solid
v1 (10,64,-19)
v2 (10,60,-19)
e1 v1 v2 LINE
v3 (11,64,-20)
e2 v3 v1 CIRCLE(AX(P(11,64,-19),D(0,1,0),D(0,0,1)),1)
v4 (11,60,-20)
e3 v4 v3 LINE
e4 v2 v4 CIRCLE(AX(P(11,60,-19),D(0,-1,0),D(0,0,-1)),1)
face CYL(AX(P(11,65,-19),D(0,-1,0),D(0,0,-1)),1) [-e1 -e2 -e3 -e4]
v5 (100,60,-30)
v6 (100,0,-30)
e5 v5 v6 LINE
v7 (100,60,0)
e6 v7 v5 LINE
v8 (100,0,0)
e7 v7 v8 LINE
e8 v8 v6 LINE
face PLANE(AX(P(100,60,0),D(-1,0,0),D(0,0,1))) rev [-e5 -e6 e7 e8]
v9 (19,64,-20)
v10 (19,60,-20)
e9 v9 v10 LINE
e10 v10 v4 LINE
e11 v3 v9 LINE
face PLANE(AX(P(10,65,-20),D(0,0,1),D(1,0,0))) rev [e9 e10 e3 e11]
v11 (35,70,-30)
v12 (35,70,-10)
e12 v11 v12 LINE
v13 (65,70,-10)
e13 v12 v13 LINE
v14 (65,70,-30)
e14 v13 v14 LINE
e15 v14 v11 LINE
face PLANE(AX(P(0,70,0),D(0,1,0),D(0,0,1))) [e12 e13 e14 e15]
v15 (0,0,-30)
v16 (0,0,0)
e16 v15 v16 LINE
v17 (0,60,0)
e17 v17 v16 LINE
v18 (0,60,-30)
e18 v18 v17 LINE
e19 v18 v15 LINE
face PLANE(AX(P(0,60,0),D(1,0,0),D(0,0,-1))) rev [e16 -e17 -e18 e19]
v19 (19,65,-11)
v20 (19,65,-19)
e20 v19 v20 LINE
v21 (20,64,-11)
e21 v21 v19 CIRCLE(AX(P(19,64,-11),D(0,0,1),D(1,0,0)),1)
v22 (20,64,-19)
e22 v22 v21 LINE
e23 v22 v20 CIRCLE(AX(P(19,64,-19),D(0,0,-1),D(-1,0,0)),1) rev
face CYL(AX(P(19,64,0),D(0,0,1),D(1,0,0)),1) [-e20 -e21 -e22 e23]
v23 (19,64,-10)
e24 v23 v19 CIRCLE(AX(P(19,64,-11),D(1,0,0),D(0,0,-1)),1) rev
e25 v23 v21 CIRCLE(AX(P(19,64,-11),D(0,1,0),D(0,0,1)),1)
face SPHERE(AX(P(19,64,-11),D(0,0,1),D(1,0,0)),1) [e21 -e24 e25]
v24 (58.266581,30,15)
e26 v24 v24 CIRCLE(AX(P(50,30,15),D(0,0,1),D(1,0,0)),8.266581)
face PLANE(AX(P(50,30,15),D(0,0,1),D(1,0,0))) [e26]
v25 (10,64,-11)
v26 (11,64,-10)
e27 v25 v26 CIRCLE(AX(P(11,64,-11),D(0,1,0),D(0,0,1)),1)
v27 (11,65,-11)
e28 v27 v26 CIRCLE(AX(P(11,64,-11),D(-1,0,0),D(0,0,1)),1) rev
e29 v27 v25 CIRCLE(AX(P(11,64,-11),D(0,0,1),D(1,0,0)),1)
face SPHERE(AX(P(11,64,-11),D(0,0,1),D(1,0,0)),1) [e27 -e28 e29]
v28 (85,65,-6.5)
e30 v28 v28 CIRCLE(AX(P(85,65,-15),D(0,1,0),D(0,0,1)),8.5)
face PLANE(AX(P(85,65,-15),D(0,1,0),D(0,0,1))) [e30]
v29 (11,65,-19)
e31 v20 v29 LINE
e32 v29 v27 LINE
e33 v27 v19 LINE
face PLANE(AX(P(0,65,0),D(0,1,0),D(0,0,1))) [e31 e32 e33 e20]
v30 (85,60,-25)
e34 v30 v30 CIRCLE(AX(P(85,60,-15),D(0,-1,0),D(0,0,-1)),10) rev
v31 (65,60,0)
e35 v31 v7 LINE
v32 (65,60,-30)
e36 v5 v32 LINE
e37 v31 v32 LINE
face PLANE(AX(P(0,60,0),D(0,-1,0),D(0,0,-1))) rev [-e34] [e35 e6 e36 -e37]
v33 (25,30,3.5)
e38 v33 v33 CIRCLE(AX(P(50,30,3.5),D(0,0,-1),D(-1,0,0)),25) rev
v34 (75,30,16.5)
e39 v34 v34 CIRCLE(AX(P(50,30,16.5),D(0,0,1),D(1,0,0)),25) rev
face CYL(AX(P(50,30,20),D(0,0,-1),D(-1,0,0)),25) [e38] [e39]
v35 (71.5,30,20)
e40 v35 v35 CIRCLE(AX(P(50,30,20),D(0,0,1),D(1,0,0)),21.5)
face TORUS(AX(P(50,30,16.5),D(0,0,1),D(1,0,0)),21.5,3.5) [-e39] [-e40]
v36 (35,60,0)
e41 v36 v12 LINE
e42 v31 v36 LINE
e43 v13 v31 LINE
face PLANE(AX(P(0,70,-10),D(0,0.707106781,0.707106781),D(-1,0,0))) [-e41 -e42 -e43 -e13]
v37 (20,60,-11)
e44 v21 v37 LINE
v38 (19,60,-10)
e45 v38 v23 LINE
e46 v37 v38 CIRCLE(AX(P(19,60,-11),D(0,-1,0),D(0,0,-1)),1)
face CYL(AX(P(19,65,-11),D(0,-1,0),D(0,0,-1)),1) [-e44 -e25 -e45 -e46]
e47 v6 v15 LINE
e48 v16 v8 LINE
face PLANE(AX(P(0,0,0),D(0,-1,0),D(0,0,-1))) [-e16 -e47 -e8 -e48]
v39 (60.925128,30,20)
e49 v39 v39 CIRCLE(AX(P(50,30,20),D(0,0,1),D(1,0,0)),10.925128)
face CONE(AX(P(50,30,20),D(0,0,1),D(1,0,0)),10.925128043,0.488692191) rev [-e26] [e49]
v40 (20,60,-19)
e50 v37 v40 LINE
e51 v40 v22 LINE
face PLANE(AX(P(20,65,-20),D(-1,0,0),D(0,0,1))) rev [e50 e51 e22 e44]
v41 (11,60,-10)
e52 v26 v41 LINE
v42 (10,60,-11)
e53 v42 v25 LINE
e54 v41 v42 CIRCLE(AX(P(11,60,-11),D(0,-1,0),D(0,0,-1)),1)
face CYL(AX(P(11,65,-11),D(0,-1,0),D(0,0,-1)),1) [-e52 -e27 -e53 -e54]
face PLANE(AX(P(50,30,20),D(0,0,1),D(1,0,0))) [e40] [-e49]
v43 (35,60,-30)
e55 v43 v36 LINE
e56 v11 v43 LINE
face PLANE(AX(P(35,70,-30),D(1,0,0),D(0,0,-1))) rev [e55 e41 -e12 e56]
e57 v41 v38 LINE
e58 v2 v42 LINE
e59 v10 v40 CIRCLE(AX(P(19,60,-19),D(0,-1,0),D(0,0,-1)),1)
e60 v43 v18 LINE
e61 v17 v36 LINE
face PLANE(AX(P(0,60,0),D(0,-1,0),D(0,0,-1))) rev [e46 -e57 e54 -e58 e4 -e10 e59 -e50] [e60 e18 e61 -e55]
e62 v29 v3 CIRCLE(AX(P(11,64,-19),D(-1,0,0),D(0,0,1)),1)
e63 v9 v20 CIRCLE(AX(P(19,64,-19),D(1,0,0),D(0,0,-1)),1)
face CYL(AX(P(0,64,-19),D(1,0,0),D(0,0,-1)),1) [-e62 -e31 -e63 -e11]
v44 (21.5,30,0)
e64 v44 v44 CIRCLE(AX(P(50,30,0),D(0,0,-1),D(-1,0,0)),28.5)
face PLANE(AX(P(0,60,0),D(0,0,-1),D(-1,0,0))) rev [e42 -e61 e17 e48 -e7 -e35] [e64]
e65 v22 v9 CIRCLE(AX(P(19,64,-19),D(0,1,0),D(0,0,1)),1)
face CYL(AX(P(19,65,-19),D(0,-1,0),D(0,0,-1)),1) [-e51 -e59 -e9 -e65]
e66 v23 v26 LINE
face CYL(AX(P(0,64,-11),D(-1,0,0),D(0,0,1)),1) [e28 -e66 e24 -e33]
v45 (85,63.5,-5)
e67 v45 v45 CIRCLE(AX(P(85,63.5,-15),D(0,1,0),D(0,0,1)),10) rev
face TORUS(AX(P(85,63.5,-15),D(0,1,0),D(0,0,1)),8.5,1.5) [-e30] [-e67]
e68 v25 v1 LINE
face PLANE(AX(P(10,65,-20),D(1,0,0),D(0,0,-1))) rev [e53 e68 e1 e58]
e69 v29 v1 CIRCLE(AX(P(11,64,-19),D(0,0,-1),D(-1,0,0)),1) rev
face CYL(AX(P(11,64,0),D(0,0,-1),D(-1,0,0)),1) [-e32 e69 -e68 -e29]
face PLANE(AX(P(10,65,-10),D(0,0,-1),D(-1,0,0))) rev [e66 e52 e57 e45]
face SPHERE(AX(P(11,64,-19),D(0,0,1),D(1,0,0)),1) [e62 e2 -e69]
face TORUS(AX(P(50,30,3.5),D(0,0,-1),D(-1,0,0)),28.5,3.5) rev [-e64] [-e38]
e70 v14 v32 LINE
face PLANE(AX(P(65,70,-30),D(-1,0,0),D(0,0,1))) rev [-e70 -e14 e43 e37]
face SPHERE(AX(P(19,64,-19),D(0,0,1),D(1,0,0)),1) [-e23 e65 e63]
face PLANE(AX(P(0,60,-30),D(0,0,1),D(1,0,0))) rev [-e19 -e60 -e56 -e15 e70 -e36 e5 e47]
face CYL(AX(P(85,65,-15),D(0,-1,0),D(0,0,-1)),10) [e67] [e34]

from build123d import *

# Parameters (mm, degrees)
SKETCH1_W           = 100
SKETCH1_H           = 30
BOSS_EXTRUDE1_DEPTH = 60
SKETCH2_R           = 25
BOSS_EXTRUDE2_DEPTH = 20
SKETCH3_R           = 10
SKETCH3_W           = 10
SKETCH3_H           = 10
BOSS_EXTRUDE3_DEPTH = 5
SKETCH4_W           = 30
SKETCH4_H           = 30
BOSS_EXTRUDE4_DEPTH = 10
CHAMFER1_SIZE       = 10
FILLET1_R           = 1
FILLET2_R           = 1.5
FILLET3_R           = 3.5
SKETCH5_R           = 10.925128043
CUT_EXTRUDE1_DEPTH  = 5
CUT_EXTRUDE1_TAPER  = 28


with BuildPart() as part:
    # Sketch1 → Boss-Extrude1 (new body)
    with BuildSketch(Plane(origin=(0, 0, 0), x_dir=(1, 0, 0), z_dir=(0, 1, 0))):
        with Locations((50, 15)):
            Rectangle(SKETCH1_W, SKETCH1_H)
    extrude(amount=BOSS_EXTRUDE1_DEPTH)

    # Sketch2 → Boss-Extrude2 (add)
    with BuildSketch(Plane.XY):
        with Locations((50, 30)):
            Circle(SKETCH2_R)
    extrude(amount=BOSS_EXTRUDE2_DEPTH)

    # Sketch3 → Boss-Extrude3 (add)
    with BuildSketch(Plane(origin=(0, 60, 0), x_dir=(1, 0, 0), z_dir=(0, 1, 0))):
        with Locations((85, 15)):
            Circle(SKETCH3_R)
        with Locations((15, 15)):
            Rectangle(SKETCH3_W, SKETCH3_H)
    extrude(amount=BOSS_EXTRUDE3_DEPTH)

    # Sketch4 → Boss-Extrude4 (add)
    with BuildSketch(Plane(origin=(0, 60, 0), x_dir=(1, 0, 0), z_dir=(0, 1, 0))):
        with Locations((50, 15)):
            Rectangle(SKETCH4_W, SKETCH4_H)
    extrude(amount=BOSS_EXTRUDE4_DEPTH)

    # Chamfer1
    chamfer1_edges = [part.edges().sort_by_distance(p)[0] for p in [
        (50, 70, 0),
    ]]
    chamfer(chamfer1_edges, length=CHAMFER1_SIZE)

    # Fillet1
    fillet1_edges = [part.edges().sort_by_distance(p)[0] for p in [
        (20, 62.5, -10),
        (20, 62.5, -20),
        (10, 62.5, -20),
        (10, 62.5, -10),
        (20, 65, -15),
        (15, 65, -20),
        (10, 65, -15),
        (15, 65, -10),
    ]]
    fillet(fillet1_edges, radius=FILLET1_R)

    # Fillet2
    fillet2_edges = [part.edges().sort_by_distance(p)[0] for p in [
        (75, 65, -15),
    ]]
    fillet(fillet2_edges, radius=FILLET2_R)

    # Fillet3
    fillet3_edges = [part.edges().sort_by_distance(p)[0] for p in [
        (25, 30, 0),
        (25, 30, 20),
    ]]
    fillet(fillet3_edges, radius=FILLET3_R)

    # Sketch5 → Cut-Extrude1 (cut)
    with BuildSketch(Plane.XY.offset(20)):
        with Locations((50, 30)):
            Circle(SKETCH5_R)
    extrude(amount=-CUT_EXTRUDE1_DEPTH, taper=CUT_EXTRUDE1_TAPER, mode=Mode.SUBTRACT)


solid = part.part
